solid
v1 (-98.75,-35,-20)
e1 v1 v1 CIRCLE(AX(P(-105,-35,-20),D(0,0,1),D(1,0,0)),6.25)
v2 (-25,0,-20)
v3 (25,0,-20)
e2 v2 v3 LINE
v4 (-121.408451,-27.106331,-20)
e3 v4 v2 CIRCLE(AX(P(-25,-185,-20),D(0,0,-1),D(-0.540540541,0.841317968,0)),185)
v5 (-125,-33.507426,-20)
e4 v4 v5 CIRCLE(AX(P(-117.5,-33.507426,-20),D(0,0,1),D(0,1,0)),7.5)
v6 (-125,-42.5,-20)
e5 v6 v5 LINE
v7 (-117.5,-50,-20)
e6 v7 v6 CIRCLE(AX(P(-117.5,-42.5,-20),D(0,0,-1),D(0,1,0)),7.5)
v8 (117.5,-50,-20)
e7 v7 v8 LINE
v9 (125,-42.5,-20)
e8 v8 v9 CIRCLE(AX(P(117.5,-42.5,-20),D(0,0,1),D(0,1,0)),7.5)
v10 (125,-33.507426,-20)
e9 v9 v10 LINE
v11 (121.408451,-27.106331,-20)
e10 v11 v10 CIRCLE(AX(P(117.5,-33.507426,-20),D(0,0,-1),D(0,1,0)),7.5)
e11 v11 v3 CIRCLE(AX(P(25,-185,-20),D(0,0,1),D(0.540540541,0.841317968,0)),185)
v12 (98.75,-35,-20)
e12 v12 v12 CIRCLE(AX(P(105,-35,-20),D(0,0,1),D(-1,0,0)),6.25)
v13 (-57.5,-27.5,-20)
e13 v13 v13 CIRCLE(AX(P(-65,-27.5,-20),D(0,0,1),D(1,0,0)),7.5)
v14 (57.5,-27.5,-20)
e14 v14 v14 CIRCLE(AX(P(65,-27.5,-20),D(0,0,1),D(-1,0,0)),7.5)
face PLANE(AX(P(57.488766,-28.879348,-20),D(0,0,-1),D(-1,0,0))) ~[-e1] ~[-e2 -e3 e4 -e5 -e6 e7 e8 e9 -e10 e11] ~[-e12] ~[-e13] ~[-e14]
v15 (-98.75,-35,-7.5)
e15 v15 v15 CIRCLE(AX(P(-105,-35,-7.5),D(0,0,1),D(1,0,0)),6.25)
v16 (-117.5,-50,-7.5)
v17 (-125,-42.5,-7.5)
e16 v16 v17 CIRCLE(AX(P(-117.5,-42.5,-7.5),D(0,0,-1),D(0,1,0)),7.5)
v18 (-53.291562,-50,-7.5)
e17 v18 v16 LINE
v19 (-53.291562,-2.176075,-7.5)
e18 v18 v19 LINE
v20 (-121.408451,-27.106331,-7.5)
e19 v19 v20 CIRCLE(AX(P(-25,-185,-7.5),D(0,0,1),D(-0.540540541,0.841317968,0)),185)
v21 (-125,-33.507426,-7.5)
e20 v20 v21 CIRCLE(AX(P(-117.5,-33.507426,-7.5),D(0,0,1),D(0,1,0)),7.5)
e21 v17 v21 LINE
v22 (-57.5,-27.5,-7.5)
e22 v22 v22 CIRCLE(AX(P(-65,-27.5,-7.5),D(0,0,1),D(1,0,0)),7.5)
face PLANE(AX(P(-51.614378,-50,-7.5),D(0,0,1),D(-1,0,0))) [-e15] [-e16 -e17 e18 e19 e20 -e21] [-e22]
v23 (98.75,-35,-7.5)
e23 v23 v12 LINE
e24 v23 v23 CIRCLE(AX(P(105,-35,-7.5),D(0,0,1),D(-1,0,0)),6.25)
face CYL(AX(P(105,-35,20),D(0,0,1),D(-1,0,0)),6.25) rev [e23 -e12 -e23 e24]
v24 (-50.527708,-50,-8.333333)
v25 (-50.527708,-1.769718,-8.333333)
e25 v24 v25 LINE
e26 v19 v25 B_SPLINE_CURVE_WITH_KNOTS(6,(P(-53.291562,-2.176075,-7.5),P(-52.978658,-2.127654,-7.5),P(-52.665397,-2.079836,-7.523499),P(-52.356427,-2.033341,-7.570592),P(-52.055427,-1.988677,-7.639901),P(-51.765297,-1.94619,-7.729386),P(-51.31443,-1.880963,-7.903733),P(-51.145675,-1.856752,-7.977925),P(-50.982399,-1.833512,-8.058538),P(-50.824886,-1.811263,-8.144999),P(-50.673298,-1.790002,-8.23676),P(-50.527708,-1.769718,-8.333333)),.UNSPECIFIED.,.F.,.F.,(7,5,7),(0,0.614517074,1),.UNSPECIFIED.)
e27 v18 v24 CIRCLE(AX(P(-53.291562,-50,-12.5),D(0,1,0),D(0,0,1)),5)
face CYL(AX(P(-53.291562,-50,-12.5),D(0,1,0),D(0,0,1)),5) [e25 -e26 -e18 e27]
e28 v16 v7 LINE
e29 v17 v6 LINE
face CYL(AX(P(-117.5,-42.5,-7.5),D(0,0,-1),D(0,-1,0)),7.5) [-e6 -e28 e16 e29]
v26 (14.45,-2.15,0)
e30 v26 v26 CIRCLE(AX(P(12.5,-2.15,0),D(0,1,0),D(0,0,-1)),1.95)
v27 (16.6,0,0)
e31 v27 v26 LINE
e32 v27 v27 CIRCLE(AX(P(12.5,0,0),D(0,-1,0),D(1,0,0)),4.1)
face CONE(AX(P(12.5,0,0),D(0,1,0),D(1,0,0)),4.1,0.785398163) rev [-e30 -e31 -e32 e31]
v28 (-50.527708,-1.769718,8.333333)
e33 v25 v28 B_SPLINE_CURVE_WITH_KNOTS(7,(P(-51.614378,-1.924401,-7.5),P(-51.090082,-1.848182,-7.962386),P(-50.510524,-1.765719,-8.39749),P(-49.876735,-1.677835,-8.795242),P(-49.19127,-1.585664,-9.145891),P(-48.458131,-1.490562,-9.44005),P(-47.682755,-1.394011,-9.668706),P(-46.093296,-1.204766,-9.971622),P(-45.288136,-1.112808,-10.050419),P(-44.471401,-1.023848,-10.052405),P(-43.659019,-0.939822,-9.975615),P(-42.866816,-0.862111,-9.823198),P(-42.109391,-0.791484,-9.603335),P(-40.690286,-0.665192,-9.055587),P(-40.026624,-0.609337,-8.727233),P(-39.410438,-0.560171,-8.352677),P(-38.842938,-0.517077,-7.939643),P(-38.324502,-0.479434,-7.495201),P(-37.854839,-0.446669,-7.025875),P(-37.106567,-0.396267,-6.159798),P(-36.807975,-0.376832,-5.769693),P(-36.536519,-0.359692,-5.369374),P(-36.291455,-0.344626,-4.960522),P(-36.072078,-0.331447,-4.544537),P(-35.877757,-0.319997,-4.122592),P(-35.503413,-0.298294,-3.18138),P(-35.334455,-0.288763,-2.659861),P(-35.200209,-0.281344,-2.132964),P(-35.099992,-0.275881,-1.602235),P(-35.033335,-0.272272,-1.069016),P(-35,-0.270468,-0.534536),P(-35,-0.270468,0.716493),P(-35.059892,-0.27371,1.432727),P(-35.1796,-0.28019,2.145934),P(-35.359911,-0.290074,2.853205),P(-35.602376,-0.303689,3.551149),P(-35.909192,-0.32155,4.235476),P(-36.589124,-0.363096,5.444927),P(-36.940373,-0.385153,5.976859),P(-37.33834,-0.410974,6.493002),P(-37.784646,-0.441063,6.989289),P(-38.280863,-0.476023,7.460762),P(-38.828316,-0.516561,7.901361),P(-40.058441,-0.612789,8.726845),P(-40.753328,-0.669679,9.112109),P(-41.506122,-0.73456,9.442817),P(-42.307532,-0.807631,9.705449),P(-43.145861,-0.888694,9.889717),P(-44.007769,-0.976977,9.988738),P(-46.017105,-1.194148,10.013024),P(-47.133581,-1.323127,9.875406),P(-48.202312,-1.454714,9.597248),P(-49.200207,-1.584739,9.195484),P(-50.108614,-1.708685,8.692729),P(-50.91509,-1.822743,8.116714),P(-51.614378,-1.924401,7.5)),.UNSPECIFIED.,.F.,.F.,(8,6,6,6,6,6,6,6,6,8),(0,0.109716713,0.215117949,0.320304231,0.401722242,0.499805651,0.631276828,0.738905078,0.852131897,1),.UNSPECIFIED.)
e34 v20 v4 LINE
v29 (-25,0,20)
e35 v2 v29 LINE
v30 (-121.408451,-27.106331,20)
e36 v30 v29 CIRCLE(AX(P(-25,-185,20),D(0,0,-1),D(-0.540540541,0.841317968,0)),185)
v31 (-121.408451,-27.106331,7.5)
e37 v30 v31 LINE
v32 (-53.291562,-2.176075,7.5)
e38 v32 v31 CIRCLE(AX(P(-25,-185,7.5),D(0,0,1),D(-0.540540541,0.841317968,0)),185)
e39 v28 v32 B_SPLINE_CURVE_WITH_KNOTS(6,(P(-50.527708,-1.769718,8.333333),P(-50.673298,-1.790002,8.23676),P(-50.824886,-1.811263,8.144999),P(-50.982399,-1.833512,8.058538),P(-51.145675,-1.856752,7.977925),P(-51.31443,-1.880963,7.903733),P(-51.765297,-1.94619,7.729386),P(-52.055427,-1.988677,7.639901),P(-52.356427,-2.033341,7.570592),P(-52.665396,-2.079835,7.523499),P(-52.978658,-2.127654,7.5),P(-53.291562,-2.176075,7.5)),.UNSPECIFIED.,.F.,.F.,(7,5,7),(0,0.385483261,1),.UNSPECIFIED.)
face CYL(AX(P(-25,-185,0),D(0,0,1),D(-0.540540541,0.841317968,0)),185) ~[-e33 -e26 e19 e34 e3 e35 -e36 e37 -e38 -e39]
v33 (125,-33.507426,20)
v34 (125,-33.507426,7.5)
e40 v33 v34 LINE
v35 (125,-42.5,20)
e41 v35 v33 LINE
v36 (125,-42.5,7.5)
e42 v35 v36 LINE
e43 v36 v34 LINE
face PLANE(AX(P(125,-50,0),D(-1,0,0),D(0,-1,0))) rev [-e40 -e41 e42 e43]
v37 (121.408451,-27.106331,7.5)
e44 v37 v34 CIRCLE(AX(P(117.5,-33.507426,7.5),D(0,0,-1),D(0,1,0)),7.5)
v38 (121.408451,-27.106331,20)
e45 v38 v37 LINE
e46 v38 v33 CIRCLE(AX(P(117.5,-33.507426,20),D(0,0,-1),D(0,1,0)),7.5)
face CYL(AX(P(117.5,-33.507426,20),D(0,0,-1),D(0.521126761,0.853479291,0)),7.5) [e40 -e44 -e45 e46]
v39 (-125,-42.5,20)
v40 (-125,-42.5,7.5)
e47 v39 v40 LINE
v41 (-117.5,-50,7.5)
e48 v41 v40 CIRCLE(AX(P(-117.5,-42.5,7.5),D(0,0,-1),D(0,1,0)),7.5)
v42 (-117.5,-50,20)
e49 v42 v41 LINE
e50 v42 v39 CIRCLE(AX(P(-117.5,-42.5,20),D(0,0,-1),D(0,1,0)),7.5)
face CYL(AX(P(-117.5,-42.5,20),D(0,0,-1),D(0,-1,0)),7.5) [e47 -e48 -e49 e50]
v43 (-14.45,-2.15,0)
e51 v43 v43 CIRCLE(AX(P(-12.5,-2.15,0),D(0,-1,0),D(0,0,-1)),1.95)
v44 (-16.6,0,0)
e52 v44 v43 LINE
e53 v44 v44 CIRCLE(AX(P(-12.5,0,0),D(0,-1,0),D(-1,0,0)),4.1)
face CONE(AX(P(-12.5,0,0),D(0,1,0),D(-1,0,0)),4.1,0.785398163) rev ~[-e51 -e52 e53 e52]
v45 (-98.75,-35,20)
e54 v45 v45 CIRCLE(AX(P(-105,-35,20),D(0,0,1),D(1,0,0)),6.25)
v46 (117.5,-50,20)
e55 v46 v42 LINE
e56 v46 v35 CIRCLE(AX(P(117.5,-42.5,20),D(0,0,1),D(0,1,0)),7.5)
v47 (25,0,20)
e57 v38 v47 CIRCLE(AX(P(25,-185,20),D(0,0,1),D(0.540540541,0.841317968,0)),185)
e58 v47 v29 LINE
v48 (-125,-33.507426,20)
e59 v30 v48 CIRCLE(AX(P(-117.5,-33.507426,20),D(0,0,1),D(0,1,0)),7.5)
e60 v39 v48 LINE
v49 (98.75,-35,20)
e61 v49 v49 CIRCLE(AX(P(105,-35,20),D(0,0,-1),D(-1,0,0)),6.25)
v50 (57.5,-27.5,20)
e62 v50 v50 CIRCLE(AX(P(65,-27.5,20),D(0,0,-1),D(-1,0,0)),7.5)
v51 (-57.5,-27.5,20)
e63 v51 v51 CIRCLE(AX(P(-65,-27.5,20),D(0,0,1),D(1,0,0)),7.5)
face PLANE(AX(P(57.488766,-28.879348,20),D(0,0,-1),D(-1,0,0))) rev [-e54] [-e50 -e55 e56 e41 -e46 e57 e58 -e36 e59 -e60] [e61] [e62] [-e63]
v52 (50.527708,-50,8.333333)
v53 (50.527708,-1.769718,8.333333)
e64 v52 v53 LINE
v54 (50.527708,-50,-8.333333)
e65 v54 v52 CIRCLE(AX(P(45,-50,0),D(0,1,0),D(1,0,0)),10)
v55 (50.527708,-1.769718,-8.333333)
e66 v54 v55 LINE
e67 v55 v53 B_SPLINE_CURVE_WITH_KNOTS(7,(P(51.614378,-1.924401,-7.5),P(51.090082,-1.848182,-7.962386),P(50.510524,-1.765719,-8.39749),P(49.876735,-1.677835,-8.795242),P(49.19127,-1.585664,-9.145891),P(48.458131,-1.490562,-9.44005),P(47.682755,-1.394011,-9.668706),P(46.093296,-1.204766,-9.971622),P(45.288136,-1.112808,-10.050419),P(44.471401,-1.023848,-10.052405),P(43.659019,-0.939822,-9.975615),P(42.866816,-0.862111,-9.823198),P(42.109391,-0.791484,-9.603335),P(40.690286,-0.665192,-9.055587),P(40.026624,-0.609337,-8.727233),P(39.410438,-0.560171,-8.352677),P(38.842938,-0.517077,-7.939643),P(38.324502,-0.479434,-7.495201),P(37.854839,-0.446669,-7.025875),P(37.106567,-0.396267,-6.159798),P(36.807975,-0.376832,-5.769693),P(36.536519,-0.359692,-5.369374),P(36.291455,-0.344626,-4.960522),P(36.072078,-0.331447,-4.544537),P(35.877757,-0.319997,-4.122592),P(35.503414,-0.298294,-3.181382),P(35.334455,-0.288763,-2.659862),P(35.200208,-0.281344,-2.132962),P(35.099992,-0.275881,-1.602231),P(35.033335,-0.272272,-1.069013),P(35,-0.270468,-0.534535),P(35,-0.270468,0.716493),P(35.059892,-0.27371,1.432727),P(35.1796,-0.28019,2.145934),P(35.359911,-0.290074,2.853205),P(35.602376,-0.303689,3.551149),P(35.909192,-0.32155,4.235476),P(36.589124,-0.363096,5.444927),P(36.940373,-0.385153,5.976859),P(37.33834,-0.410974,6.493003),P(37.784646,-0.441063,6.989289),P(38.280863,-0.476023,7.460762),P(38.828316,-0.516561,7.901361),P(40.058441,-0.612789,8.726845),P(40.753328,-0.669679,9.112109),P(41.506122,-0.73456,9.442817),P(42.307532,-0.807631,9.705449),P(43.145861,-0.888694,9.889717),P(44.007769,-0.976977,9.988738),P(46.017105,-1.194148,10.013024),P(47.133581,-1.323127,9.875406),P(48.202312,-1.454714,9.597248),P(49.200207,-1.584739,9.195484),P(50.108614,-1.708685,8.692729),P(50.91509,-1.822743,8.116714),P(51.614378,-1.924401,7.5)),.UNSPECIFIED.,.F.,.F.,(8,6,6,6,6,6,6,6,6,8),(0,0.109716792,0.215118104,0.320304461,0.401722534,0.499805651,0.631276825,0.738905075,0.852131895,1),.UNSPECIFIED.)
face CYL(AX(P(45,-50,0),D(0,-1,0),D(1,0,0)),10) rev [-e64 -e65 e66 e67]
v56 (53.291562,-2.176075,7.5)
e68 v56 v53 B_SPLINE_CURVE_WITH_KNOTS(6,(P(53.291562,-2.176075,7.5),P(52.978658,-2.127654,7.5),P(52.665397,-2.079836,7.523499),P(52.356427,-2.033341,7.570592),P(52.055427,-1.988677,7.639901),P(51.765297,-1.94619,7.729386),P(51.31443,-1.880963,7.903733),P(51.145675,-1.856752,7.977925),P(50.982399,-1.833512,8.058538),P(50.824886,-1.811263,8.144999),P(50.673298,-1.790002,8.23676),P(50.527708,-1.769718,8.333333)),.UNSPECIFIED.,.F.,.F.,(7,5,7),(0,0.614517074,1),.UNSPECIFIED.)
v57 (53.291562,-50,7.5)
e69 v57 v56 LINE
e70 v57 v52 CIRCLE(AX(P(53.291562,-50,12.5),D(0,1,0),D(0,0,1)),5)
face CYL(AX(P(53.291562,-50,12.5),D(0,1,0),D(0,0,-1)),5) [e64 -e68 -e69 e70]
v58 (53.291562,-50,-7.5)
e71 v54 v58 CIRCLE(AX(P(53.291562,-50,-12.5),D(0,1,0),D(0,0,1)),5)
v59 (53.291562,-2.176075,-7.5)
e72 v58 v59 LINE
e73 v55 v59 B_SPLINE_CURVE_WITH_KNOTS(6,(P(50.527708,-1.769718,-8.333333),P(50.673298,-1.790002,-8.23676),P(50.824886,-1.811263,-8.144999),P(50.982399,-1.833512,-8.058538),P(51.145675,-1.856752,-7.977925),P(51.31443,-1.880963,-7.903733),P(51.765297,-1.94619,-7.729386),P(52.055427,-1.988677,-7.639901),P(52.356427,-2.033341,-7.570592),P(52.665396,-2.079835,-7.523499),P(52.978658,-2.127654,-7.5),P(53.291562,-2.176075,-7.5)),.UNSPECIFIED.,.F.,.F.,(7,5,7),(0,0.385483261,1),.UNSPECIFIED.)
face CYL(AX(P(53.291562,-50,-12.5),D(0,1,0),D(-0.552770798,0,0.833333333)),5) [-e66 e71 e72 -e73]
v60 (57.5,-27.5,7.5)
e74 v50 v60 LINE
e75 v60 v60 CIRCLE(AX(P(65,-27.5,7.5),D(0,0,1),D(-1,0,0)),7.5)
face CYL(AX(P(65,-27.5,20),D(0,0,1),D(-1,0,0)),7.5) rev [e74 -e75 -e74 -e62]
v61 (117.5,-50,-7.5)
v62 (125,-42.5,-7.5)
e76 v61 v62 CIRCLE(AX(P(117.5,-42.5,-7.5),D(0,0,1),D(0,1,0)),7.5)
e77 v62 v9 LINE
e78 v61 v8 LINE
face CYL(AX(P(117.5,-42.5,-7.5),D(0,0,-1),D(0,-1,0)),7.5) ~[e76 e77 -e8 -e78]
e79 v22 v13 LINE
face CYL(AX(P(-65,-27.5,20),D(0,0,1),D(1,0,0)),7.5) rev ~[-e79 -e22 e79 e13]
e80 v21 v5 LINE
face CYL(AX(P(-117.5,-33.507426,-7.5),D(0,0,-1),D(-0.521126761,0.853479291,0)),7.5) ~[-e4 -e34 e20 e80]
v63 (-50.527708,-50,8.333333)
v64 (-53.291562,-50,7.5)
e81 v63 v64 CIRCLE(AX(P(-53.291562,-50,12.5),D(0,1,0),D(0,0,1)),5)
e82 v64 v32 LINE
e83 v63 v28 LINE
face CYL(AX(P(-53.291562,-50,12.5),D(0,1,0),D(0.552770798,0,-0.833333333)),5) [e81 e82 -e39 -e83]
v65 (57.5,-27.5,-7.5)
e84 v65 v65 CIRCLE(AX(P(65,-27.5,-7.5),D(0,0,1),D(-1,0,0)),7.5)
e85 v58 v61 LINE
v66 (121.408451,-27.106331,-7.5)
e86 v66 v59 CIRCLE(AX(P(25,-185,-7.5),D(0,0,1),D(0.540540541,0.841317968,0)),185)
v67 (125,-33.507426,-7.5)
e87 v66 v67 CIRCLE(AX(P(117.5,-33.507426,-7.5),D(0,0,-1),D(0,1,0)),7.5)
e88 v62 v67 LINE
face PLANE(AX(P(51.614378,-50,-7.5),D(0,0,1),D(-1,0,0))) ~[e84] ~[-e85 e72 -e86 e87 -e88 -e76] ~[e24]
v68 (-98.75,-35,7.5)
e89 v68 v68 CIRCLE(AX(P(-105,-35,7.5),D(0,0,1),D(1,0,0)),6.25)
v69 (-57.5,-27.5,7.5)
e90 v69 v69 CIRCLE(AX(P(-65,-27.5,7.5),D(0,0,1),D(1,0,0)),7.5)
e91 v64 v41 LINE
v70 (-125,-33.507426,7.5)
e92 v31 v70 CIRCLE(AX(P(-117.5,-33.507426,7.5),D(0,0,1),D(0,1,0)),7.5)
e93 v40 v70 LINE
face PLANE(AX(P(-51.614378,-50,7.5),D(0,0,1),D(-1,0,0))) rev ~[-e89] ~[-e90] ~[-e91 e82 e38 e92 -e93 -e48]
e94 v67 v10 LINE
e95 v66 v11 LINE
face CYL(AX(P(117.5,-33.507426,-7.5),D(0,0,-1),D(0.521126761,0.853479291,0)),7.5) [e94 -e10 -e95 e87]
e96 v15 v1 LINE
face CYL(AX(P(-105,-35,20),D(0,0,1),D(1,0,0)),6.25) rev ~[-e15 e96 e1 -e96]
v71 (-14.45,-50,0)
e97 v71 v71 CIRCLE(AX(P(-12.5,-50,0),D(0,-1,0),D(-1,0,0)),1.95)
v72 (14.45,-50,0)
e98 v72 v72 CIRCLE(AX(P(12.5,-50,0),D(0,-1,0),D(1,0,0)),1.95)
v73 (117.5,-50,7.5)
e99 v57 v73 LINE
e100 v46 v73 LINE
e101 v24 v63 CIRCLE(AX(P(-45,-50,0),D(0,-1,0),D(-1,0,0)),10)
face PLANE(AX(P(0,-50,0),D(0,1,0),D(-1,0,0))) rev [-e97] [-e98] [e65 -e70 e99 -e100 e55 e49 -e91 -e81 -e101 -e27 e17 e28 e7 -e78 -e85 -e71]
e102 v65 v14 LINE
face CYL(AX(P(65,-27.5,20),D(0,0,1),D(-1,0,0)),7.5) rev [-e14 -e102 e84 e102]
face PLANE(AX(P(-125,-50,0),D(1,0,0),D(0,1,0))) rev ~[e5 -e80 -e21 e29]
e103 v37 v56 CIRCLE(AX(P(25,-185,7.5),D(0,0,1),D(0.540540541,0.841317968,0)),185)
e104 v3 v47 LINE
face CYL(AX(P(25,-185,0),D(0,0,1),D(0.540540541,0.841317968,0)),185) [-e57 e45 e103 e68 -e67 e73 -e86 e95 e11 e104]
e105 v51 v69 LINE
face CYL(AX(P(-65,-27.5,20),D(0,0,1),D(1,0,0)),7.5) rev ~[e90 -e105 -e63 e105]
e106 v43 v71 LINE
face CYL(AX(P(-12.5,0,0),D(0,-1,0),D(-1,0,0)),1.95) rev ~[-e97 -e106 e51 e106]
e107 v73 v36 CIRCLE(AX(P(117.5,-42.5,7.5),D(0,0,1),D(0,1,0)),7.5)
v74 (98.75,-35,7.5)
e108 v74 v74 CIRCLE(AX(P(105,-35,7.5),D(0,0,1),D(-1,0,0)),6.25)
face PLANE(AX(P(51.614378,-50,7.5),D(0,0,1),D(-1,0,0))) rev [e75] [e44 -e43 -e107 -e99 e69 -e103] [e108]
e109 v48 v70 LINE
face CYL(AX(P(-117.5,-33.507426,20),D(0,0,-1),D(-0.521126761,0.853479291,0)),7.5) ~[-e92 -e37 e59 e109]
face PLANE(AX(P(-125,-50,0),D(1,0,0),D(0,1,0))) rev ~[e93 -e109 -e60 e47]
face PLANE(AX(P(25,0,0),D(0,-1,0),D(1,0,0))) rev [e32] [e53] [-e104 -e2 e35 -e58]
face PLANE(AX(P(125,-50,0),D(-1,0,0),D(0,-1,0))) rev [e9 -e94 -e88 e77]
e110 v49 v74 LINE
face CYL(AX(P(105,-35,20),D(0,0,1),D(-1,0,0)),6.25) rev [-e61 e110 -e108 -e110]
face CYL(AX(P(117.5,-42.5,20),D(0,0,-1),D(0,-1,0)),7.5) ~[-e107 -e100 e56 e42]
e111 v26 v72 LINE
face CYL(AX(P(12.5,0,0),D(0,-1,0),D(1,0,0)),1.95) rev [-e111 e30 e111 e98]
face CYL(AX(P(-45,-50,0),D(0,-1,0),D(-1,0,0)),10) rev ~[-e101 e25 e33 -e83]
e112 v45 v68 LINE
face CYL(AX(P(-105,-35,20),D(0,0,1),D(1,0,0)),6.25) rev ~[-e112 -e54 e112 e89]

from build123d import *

# Parameters (mm, degrees)
BOSS_EXTRUDE1_DEPTH                               = 20
SKETCH2_R                                         = 6.25
SKETCH2_R_2                                       = 7.5
CUT_EXTRUDE1_DEPTH                                = 141.445719052
SKETCH3_R                                         = 10
SKETCH3_W                                         = 80
SKETCH3_H                                         = 15
CUT_EXTRUDE3_DEPTH                                = 137.106575888
CSK_FOR_M3_5_FLAT_HEAD_MACHINE_SCREW1_D           = 3.9
CSK_FOR_M3_5_FLAT_HEAD_MACHINE_SCREW1_CSINK_D     = 8.2
CSK_FOR_M3_5_FLAT_HEAD_MACHINE_SCREW1_CSINK_ANGLE = 90
FILLET2_R                                         = 7.5
FILLET4_R                                         = 5
FILLET2_OF_MIRROR2_R                              = 7.5
FILLET4_OF_MIRROR2_R                              = 5


with BuildPart() as part:
    # Sketch1 → Boss-Extrude1 (new, symmetric)
    with BuildSketch(Plane.XY):
        with BuildLine():
            Line((0, -50), (-125, -50))
            Line((-125, -50), (-125, -29.356175837))
            ThreePointArc((-125, -29.356175837), (-77.109944012, -7.490693948), (-25, 0))
            Line((-25, 0), (0, 0))
            Line((0, 0), (0, -50))
        make_face()
    boss_extrude1 = extrude(amount=BOSS_EXTRUDE1_DEPTH, both=True)

    # Sketch2 → Cut-Extrude1 (cut, through all)
    with BuildSketch(Plane.XY.offset(20)):
        with Locations((-105, -35)):
            Circle(SKETCH2_R)
        with Locations((-65, -27.5)):
            Circle(SKETCH2_R_2)
    cut_extrude1 = extrude(amount=-CUT_EXTRUDE1_DEPTH, mode=Mode.SUBTRACT)

    # Sketch3 → Cut-Extrude3 (cut, through all)
    with BuildSketch(Plane(origin=(0, -50, 0), x_dir=(-1, 0, 0), z_dir=(0, -1, 0))):
        with Locations((45, 0)):
            Circle(SKETCH3_R)
        with Locations((85, 0)):
            Rectangle(SKETCH3_W, SKETCH3_H)
    cut_extrude3 = extrude(amount=-CUT_EXTRUDE3_DEPTH, mode=Mode.SUBTRACT)

    # CSK for M3.5 Flat Head Machine Screw1 (through all)
    with Locations(Plane(origin=(0, 0, 0), x_dir=(1, 0, 0), z_dir=(0, 1, 0))):
        with Locations((-12.5, 0)):
            csk_for_m3_5_flat_head_machine_screw1 = CounterSinkHole(CSK_FOR_M3_5_FLAT_HEAD_MACHINE_SCREW1_D / 2, CSK_FOR_M3_5_FLAT_HEAD_MACHINE_SCREW1_CSINK_D / 2, counter_sink_angle=CSK_FOR_M3_5_FLAT_HEAD_MACHINE_SCREW1_CSINK_ANGLE)

    # Fillet2
    fillet2_edges = [part.edges().sort_by_distance(p)[0] for p in [
        (-125, -50, -13.75),
        (-125, -29.356175837, -13.75),
        (-125, -50, 13.75),
        (-125, -29.356175837, 13.75),
    ]]
    fillet(fillet2_edges, radius=FILLET2_R)

    # Fillet4
    fillet4_edges = [part.edges().sort_by_distance(p)[0] for p in [
        (-51.614378278, -25.96220061, 7.5),
        (-51.614378278, -25.96220061, -7.5),
    ]]
    fillet(fillet4_edges, radius=FILLET4_R)

    # Mirror2: Boss-Extrude1, Cut-Extrude1, Cut-Extrude3, CSK for M3.5 Flat Head Machine Screw1 across plane
    add(boss_extrude1.mirror(Plane(origin=(0, 0, 20), x_dir=(0, 0, 1), z_dir=(-1, 0, 0))))
    add(cut_extrude1.mirror(Plane(origin=(0, 0, 20), x_dir=(0, 0, 1), z_dir=(-1, 0, 0))), mode=Mode.SUBTRACT)
    add(cut_extrude3.mirror(Plane(origin=(0, 0, 20), x_dir=(0, 0, 1), z_dir=(-1, 0, 0))), mode=Mode.SUBTRACT)
    add(csk_for_m3_5_flat_head_machine_screw1.mirror(Plane(origin=(0, 0, 20), x_dir=(0, 0, 1), z_dir=(-1, 0, 0))), mode=Mode.SUBTRACT)

    # Fillet2 of Mirror2
    fillet2_of_mirror2_edges = [part.edges().sort_by_distance(p)[0] for p in [
        (125, -50, -13.75),
        (125, -29.356175837, -13.75),
        (125, -50, 13.75),
        (125, -29.356175837, 13.75),
    ]]
    fillet(fillet2_of_mirror2_edges, radius=FILLET2_OF_MIRROR2_R)

    # Fillet4 of Mirror2
    fillet4_of_mirror2_edges = [part.edges().sort_by_distance(p)[0] for p in [
        (51.614378278, -25.96220061, 7.5),
        (51.614378278, -25.96220061, -7.5),
    ]]
    fillet(fillet4_of_mirror2_edges, radius=FILLET4_OF_MIRROR2_R)


solid = part.part
